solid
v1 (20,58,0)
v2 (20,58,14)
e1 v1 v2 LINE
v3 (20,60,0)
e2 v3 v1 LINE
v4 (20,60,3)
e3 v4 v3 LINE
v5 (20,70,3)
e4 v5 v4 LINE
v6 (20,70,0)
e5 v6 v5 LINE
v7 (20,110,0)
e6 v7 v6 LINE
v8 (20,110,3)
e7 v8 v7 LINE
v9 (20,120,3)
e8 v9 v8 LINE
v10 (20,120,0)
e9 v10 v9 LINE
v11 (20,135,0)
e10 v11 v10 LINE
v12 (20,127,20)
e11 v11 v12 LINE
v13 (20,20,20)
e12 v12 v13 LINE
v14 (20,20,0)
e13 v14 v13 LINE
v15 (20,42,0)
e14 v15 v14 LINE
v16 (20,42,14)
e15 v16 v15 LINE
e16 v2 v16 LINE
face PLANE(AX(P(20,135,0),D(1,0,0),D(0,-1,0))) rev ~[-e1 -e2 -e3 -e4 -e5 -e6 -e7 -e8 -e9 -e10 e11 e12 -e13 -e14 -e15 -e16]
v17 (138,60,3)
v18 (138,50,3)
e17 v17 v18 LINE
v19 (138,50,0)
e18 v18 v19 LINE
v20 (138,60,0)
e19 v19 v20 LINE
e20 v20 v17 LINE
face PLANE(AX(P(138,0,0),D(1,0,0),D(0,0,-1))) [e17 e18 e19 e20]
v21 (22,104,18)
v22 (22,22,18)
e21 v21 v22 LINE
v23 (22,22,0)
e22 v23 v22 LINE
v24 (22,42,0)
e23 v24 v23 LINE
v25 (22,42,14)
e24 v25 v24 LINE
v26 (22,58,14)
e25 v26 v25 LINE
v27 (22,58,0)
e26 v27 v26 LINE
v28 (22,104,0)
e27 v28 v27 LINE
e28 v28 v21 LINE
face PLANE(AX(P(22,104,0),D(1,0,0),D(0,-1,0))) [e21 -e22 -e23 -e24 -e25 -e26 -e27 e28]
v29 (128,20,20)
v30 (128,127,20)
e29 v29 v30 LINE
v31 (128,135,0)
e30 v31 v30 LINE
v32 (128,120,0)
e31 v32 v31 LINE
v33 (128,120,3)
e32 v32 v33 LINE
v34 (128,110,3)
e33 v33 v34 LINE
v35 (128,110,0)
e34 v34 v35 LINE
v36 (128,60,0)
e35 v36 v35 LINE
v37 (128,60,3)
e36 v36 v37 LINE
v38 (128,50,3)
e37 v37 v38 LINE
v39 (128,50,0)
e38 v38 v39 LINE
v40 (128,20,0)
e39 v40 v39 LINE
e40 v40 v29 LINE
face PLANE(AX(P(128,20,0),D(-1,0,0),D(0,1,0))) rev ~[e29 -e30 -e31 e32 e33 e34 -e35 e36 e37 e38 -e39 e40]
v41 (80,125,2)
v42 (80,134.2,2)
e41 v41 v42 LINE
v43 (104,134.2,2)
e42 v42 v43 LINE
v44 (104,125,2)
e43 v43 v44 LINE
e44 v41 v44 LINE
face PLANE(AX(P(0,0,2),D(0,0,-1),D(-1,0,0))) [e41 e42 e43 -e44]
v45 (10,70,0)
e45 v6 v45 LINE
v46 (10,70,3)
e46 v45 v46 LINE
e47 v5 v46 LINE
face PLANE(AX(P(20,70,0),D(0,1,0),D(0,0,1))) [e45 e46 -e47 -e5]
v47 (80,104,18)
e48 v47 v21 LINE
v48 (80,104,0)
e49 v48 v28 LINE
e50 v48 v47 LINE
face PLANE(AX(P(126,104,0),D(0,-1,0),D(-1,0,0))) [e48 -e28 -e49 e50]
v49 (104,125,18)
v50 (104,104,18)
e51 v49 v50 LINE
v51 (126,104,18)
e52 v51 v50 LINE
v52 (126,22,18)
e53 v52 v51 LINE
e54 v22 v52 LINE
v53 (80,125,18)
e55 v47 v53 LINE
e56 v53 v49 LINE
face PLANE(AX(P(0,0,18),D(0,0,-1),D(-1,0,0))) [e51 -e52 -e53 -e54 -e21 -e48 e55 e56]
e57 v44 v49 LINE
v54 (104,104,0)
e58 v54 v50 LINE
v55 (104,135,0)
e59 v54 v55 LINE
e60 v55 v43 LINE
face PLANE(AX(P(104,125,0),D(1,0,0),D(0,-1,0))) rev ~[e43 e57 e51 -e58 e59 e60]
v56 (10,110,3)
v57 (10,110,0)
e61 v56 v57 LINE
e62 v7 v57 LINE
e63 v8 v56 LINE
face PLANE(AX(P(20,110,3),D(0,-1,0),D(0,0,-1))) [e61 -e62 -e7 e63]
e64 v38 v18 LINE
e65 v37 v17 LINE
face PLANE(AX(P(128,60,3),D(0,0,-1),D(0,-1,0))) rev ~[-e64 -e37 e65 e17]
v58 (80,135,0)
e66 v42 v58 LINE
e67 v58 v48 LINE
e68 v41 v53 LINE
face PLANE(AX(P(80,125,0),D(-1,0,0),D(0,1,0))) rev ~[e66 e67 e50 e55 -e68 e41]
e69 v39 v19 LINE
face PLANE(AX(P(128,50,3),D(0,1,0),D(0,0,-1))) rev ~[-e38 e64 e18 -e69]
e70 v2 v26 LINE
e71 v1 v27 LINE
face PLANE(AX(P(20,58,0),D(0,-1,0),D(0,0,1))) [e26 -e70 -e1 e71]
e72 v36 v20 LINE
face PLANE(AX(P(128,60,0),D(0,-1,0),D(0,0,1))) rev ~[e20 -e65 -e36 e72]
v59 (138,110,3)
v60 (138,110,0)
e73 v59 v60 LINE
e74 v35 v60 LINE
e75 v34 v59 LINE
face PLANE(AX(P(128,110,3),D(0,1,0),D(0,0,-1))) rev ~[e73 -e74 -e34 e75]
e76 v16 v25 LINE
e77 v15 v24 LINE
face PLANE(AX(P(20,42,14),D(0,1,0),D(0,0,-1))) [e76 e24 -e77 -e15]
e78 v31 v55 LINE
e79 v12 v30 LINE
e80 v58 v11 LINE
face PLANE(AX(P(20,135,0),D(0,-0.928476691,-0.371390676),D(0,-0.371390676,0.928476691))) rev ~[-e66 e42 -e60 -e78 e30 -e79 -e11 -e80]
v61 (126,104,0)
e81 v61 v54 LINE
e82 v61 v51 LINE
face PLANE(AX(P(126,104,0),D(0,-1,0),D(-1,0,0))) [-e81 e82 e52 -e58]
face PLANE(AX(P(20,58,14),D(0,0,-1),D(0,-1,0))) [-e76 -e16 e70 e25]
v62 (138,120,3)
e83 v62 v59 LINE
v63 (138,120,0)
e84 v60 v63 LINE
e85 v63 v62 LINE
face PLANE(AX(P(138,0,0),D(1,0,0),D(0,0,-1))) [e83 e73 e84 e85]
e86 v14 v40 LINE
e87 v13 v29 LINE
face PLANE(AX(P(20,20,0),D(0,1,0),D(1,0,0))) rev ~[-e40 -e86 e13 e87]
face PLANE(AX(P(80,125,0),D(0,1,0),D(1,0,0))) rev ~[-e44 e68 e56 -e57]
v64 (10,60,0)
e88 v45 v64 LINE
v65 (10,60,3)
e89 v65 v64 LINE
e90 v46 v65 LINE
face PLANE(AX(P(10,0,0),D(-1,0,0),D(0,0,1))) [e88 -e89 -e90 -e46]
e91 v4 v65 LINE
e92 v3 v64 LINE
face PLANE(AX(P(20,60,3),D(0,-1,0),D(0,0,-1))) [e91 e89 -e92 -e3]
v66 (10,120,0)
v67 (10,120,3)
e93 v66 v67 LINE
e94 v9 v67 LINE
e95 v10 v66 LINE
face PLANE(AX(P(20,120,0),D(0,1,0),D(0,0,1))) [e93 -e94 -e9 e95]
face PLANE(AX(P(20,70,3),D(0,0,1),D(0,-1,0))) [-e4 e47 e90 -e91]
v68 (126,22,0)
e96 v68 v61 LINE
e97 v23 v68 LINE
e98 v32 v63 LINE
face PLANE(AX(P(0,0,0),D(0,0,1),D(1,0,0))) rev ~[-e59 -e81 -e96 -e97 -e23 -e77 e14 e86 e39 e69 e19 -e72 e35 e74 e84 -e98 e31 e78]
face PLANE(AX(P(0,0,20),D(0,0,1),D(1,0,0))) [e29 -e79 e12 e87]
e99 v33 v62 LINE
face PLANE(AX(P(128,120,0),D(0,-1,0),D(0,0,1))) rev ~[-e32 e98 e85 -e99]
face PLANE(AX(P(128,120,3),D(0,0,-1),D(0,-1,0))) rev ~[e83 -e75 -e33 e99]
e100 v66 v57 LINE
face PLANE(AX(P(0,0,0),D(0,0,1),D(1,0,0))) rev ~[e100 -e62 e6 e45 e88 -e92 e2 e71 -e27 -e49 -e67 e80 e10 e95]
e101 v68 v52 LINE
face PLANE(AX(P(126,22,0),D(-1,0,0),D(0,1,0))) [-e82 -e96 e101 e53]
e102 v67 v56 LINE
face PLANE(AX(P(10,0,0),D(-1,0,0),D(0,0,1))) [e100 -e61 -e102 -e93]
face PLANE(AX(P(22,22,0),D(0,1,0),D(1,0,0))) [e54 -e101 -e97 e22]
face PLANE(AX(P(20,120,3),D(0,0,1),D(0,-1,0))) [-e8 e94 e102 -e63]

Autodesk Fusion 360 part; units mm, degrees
sketch "Sketch1" plane through (0, 0, 0) normal (0, 0, 1) x (1, 0, 0) in component "Cover"
  line L0 (20, 20) -> (128, 20)
  line L1 (128, 20) -> (128, 135)
  line L2 (128, 135) -> (20, 135)
  line L3 (20, 135) -> (20, 20)
  dimension "d1" = 20
  dimension "d2" = 20
  dimension "d3" = 115
  dimension "d4" = 108
extrude "Extrude1" add sketch "Sketch1" along normal blind 20 in component "Cover"
sketch "Sketch2" plane through (0, 0, 0) normal (0, 0, -1) x (-1, 0, 0) in component "Cover"
  line L0 (-20, 20) -> (-20, 135)
  line L1 (-20, 135) -> (-128, 135)
  line L2 (-128, 135) -> (-128, 20)
  line L3 (-128, 20) -> (-20, 20)
  line L4 (-126, 104) -> (-22, 104)
  line L5 (-22, 104) -> (-22, 22)
  line L6 (-22, 22) -> (-126, 22)
  line L7 (-126, 22) -> (-126, 104)
  dimension "d8" = 2
  dimension "d10" = 2
  dimension "d28" = 82
  dimension "d29" = 104
extrude "Extrude2" cut sketch "Sketch2" against normal blind 18 contours L4 L5 L6 L7 in component "Cover"
sketch "Sketch3" plane through (20, 0, 0) normal (-1, 0, 0) x (0, 0, 1) in component "Cover"
  line L0 (0, 135) -> (0, 20)
  line L1 (0, 20) -> (20, 20)
  line L2 (20, 20) -> (20, 135)
  line L3 (20, 135) -> (0, 135)
  line L4 (0, 58) -> (14, 58)
  line L5 (14, 58) -> (14, 42)
  line L6 (14, 42) -> (0, 42)
  line L7 (20, 135) -> (0, 135)
  line L8 (0, 135) -> (20, 127)
  line L9 (0, 120) -> (3, 120)
  line L10 (3, 120) -> (3, 110)
  line L11 (3, 110) -> (0, 110)
  line L12 (0, 110) -> (0, 120)
  line L13 (0, 70) -> (3, 70)
  line L14 (3, 70) -> (3, 60)
  line L15 (3, 60) -> (0, 60)
  line L16 (0, 60) -> (0, 70)
  dimension "d13" = 14
  dimension "d14" = 16
  dimension "d16" = 22
  dimension "d30" = 8
  dimension "d51" = 3
  dimension "d52" = 10
  dimension "d53" = 3
  dimension "d54" = 10
  dimension "d55" = 90
  dimension "d56" = 40
sketch "Sketch1 (2)" plane through (0, 20, 0) normal (0, -1, 0) x (1, 0, 0)
  line L0 (20, 0) -> (128, 0)
  line L1 (128, 0) -> (128, 20)
  line L2 (128, 20) -> (20, 20)
  line L3 (20, 20) -> (20, 0)
  line L4 (95, 5) -> (107, 5)
  line L5 (107, 5) -> (107, 10)
  line L6 (107, 10) -> (95, 10)
  line L7 (95, 10) -> (95, 5)
  point P0 (20, 0)
  dimension "d22" = 5
  dimension "d23" = 12
  dimension "d24" = 75
  dimension "d25" = 5
extrude "Extrude6" cut sketch "Sketch3" against normal up to surface (108 mm away) contours L2 L3 L7 L8 in component "Cover"
sketch "Sketch2 (2)" plane through (0, 0, 0) normal (0, 0, -1) x (-1, 0, 0)
  line L0 (-22, 104) -> (-22, 22)
  line L1 (-22, 22) -> (-126, 22)
  line L2 (-126, 22) -> (-126, 104)
  line L3 (-126, 104) -> (-22, 104)
  line L4 (-20, 20) -> (-20, 135)
  line L5 (-20, 135) -> (-128, 135)
  line L6 (-128, 135) -> (-128, 20)
  line L7 (-128, 20) -> (-20, 20)
  line L8 (-104, 104) -> (-80, 104)
  line L9 (-80, 104) -> (-80, 125)
  line L10 (-80, 125) -> (-104, 125)
  line L11 (-104, 125) -> (-104, 104)
  line L12 (-104, 125) -> (-80, 125)
  line L13 (-80, 125) -> (-80, 135)
  line L14 (-80, 135) -> (-104, 135)
  line L15 (-104, 135) -> (-104, 125)
  dimension "d33" = 21
  dimension "d34" = 24
  dimension "d35" = 22
  dimension "d36" = 24
extrude "Extrude7" cut sketch "Sketch2 (2)" against normal up to surface (18 mm away) contours L3 L8 L9 L10 L11 L12 in component "Cover"
extrude "Extrude8" cut sketch "Sketch2 (2)" against normal blind 2 contours L5 L10 L12 L13 L14 L15 in component "Cover"
extrude "Extrude9" cut sketch "Sketch3" against normal up to surface (2 mm away) contours L0 L4 L5 L6 in component "Cover"
sketch "Sketch3 (2)" plane through (128, 0, 0) normal (1, 0, 0) x (0, 0, -1)
  line L0 (0, 135) -> (-20, 127)
  line L1 (-20, 127) -> (-20, 20)
  line L2 (-20, 20) -> (0, 20)
  line L3 (0, 20) -> (0, 135)
  line L4 (0, 120) -> (-3, 120)
  line L5 (-3, 120) -> (-3, 110)
  line L6 (-3, 110) -> (0, 110)
  line L7 (0, 110) -> (0, 120)
  line L8 (0, 60) -> (-3, 60)
  line L9 (-3, 60) -> (-3, 50)
  line L10 (-3, 50) -> (0, 50)
  line L11 (0, 50) -> (0, 60)
  dimension "d43" = 3
  dimension "d44" = 10
  dimension "d45" = 10
  dimension "d46" = 3
  dimension "d47" = 30
  dimension "d48" = 50
extrude "Extrude10" add sketch "Sketch3 (2)" along normal blind 10 contours L3 L4 L5 L6 L7 | L3 L8 L9 L10 L11 in component "Cover"
extrude "Extrude11" add sketch "Sketch3" along normal blind 10 contours L0 L9 L10 L11 L12 | L0 L13 L14 L15 L16 in component "Cover"
component "Cover" placed x (1, 0, 0) y (0, 1, 0) z (0, 0, 1) at (0, 0, 0)
